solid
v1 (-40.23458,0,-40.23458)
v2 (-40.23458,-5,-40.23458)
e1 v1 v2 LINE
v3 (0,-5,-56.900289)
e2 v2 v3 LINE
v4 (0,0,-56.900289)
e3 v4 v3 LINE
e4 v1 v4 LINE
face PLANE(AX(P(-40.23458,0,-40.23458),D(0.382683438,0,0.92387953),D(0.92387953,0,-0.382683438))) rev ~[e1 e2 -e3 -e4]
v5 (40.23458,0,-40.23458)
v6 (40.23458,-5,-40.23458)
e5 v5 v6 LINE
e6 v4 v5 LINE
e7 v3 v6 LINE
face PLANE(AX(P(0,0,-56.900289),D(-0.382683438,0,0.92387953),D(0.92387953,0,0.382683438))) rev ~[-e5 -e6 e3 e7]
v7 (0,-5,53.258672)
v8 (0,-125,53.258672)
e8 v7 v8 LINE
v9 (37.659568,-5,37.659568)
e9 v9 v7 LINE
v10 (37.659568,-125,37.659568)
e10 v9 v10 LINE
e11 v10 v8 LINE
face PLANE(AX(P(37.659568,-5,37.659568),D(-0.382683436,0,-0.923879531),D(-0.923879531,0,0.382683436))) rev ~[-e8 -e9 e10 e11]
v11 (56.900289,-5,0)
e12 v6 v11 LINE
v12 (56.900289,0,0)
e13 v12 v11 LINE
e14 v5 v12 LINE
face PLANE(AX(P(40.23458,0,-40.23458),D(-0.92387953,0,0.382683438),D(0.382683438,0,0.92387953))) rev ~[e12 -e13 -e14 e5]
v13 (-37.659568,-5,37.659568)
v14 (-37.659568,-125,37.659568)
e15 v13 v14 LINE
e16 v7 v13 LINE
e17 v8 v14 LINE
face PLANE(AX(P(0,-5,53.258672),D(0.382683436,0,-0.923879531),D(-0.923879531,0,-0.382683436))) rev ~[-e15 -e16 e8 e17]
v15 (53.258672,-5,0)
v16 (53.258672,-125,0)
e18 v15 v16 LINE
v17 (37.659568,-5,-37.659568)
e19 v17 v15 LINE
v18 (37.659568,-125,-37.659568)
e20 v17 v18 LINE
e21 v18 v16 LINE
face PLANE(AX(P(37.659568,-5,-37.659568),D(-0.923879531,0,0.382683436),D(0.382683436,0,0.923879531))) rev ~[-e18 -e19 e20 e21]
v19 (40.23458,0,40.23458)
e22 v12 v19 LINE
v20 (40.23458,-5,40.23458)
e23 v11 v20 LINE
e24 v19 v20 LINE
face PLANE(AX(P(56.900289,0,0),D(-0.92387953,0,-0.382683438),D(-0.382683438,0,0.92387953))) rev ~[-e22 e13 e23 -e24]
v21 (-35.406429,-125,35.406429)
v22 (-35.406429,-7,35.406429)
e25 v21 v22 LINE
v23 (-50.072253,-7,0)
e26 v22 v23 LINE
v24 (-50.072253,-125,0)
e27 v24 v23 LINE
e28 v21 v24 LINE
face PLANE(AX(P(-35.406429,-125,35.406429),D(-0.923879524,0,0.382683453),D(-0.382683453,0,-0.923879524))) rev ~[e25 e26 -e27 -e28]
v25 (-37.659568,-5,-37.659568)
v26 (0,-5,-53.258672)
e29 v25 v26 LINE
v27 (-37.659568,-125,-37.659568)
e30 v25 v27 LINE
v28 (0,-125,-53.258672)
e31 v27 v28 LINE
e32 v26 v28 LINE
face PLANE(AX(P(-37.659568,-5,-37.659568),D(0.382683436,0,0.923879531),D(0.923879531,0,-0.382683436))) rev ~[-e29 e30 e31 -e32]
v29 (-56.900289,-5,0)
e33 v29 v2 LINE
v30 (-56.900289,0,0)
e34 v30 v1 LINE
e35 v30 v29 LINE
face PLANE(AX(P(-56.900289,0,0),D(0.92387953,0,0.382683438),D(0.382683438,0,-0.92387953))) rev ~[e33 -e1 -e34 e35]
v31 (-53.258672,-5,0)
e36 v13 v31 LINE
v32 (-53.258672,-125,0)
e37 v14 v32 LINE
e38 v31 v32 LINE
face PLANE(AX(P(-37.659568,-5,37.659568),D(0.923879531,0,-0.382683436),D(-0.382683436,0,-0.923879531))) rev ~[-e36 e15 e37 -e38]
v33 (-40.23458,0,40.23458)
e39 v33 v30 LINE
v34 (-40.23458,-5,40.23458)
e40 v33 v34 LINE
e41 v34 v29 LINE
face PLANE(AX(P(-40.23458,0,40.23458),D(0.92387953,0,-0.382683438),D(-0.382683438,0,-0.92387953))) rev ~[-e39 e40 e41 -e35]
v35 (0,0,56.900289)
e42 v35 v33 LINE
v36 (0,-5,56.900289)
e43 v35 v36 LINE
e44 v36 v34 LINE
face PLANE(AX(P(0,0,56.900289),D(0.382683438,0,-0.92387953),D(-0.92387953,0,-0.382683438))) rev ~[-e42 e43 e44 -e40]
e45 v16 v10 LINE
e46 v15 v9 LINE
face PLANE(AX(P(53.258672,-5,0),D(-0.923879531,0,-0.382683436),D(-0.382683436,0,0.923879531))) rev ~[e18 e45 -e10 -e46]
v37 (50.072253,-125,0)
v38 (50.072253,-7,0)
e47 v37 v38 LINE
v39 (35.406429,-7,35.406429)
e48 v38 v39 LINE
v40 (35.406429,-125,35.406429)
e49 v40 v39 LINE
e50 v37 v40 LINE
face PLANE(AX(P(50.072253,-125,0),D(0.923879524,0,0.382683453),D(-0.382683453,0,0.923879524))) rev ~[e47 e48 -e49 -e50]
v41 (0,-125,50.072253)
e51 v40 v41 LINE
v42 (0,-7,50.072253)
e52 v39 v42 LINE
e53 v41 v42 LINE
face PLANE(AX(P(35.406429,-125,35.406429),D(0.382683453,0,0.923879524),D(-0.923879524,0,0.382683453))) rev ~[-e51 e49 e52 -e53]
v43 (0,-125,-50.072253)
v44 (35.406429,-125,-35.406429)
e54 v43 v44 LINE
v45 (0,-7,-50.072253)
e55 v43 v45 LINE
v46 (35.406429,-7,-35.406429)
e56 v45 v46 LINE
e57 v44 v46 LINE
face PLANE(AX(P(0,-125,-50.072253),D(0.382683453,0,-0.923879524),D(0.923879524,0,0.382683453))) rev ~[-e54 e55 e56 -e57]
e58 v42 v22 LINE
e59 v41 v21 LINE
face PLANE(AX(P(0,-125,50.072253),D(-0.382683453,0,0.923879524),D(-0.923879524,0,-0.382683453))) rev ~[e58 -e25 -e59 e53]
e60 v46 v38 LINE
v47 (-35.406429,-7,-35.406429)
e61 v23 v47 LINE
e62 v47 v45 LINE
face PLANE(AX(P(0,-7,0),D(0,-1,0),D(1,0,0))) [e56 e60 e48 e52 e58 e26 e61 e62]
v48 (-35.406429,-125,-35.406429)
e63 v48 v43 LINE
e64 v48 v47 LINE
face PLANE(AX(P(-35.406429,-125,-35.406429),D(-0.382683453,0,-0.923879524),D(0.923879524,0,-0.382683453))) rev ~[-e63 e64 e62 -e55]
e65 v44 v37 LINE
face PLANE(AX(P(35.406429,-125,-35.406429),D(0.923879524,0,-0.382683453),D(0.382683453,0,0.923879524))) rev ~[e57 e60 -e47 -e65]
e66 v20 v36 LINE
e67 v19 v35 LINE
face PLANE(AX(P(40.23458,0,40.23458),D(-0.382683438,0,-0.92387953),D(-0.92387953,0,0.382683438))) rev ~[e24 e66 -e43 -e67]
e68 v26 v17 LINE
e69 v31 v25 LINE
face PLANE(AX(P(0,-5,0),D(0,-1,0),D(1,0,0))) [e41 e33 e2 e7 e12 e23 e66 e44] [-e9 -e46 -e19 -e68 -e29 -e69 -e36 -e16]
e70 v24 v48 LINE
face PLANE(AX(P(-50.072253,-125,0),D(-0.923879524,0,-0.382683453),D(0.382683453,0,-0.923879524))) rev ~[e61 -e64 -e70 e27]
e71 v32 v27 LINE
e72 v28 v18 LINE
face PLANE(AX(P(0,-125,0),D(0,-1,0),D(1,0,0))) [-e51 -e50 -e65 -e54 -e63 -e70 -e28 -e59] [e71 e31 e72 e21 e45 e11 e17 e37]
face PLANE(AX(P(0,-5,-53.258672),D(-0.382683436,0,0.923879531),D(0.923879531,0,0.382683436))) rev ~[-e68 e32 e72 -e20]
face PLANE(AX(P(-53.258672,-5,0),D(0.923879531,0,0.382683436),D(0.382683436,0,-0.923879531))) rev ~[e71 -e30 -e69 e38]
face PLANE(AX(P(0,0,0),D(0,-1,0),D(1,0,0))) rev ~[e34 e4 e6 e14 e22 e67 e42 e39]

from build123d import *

# Parameters (mm, degrees)
F2_DEPTH = 5
F4_DEPTH = 120
F6_DEPTH = 118


with BuildPart() as f2:
    # F0 (on Front) → F2 (new body)
    with BuildSketch(Plane.XZ):
        Polygon((40.23458, -40.23458), (56.900289, 0), (40.23458, 40.23458), (0, 56.900289), (-40.23458, 40.23458), (-56.900289, 0), (-40.23458, -40.23458), (0, -56.900289), align=None)
    extrude(amount=F2_DEPTH)

    # F3 (on offset) → F4 (join)
    with BuildSketch(Plane.XZ.offset(5)):
        Polygon((37.659568, -37.659568), (53.258672, 0), (37.659568, 37.659568), (0, 53.258672), (-37.659568, 37.659568), (-53.258672, 0), (-37.659568, -37.659568), (0, -53.258672), align=None)
    extrude(amount=F4_DEPTH)

    # F5 (on face) → F6 (cut)
    with BuildSketch(Plane.XZ.offset(125)):
        Polygon((35.406429, -35.406429), (50.072253, 0), (35.406429, 35.406429), (0, 50.072253), (-35.406429, 35.406429), (-50.072253, 0), (-35.406429, -35.406429), (0, -50.072253), align=None)
    extrude(amount=-F6_DEPTH, mode=Mode.SUBTRACT)


solid = f2.part
